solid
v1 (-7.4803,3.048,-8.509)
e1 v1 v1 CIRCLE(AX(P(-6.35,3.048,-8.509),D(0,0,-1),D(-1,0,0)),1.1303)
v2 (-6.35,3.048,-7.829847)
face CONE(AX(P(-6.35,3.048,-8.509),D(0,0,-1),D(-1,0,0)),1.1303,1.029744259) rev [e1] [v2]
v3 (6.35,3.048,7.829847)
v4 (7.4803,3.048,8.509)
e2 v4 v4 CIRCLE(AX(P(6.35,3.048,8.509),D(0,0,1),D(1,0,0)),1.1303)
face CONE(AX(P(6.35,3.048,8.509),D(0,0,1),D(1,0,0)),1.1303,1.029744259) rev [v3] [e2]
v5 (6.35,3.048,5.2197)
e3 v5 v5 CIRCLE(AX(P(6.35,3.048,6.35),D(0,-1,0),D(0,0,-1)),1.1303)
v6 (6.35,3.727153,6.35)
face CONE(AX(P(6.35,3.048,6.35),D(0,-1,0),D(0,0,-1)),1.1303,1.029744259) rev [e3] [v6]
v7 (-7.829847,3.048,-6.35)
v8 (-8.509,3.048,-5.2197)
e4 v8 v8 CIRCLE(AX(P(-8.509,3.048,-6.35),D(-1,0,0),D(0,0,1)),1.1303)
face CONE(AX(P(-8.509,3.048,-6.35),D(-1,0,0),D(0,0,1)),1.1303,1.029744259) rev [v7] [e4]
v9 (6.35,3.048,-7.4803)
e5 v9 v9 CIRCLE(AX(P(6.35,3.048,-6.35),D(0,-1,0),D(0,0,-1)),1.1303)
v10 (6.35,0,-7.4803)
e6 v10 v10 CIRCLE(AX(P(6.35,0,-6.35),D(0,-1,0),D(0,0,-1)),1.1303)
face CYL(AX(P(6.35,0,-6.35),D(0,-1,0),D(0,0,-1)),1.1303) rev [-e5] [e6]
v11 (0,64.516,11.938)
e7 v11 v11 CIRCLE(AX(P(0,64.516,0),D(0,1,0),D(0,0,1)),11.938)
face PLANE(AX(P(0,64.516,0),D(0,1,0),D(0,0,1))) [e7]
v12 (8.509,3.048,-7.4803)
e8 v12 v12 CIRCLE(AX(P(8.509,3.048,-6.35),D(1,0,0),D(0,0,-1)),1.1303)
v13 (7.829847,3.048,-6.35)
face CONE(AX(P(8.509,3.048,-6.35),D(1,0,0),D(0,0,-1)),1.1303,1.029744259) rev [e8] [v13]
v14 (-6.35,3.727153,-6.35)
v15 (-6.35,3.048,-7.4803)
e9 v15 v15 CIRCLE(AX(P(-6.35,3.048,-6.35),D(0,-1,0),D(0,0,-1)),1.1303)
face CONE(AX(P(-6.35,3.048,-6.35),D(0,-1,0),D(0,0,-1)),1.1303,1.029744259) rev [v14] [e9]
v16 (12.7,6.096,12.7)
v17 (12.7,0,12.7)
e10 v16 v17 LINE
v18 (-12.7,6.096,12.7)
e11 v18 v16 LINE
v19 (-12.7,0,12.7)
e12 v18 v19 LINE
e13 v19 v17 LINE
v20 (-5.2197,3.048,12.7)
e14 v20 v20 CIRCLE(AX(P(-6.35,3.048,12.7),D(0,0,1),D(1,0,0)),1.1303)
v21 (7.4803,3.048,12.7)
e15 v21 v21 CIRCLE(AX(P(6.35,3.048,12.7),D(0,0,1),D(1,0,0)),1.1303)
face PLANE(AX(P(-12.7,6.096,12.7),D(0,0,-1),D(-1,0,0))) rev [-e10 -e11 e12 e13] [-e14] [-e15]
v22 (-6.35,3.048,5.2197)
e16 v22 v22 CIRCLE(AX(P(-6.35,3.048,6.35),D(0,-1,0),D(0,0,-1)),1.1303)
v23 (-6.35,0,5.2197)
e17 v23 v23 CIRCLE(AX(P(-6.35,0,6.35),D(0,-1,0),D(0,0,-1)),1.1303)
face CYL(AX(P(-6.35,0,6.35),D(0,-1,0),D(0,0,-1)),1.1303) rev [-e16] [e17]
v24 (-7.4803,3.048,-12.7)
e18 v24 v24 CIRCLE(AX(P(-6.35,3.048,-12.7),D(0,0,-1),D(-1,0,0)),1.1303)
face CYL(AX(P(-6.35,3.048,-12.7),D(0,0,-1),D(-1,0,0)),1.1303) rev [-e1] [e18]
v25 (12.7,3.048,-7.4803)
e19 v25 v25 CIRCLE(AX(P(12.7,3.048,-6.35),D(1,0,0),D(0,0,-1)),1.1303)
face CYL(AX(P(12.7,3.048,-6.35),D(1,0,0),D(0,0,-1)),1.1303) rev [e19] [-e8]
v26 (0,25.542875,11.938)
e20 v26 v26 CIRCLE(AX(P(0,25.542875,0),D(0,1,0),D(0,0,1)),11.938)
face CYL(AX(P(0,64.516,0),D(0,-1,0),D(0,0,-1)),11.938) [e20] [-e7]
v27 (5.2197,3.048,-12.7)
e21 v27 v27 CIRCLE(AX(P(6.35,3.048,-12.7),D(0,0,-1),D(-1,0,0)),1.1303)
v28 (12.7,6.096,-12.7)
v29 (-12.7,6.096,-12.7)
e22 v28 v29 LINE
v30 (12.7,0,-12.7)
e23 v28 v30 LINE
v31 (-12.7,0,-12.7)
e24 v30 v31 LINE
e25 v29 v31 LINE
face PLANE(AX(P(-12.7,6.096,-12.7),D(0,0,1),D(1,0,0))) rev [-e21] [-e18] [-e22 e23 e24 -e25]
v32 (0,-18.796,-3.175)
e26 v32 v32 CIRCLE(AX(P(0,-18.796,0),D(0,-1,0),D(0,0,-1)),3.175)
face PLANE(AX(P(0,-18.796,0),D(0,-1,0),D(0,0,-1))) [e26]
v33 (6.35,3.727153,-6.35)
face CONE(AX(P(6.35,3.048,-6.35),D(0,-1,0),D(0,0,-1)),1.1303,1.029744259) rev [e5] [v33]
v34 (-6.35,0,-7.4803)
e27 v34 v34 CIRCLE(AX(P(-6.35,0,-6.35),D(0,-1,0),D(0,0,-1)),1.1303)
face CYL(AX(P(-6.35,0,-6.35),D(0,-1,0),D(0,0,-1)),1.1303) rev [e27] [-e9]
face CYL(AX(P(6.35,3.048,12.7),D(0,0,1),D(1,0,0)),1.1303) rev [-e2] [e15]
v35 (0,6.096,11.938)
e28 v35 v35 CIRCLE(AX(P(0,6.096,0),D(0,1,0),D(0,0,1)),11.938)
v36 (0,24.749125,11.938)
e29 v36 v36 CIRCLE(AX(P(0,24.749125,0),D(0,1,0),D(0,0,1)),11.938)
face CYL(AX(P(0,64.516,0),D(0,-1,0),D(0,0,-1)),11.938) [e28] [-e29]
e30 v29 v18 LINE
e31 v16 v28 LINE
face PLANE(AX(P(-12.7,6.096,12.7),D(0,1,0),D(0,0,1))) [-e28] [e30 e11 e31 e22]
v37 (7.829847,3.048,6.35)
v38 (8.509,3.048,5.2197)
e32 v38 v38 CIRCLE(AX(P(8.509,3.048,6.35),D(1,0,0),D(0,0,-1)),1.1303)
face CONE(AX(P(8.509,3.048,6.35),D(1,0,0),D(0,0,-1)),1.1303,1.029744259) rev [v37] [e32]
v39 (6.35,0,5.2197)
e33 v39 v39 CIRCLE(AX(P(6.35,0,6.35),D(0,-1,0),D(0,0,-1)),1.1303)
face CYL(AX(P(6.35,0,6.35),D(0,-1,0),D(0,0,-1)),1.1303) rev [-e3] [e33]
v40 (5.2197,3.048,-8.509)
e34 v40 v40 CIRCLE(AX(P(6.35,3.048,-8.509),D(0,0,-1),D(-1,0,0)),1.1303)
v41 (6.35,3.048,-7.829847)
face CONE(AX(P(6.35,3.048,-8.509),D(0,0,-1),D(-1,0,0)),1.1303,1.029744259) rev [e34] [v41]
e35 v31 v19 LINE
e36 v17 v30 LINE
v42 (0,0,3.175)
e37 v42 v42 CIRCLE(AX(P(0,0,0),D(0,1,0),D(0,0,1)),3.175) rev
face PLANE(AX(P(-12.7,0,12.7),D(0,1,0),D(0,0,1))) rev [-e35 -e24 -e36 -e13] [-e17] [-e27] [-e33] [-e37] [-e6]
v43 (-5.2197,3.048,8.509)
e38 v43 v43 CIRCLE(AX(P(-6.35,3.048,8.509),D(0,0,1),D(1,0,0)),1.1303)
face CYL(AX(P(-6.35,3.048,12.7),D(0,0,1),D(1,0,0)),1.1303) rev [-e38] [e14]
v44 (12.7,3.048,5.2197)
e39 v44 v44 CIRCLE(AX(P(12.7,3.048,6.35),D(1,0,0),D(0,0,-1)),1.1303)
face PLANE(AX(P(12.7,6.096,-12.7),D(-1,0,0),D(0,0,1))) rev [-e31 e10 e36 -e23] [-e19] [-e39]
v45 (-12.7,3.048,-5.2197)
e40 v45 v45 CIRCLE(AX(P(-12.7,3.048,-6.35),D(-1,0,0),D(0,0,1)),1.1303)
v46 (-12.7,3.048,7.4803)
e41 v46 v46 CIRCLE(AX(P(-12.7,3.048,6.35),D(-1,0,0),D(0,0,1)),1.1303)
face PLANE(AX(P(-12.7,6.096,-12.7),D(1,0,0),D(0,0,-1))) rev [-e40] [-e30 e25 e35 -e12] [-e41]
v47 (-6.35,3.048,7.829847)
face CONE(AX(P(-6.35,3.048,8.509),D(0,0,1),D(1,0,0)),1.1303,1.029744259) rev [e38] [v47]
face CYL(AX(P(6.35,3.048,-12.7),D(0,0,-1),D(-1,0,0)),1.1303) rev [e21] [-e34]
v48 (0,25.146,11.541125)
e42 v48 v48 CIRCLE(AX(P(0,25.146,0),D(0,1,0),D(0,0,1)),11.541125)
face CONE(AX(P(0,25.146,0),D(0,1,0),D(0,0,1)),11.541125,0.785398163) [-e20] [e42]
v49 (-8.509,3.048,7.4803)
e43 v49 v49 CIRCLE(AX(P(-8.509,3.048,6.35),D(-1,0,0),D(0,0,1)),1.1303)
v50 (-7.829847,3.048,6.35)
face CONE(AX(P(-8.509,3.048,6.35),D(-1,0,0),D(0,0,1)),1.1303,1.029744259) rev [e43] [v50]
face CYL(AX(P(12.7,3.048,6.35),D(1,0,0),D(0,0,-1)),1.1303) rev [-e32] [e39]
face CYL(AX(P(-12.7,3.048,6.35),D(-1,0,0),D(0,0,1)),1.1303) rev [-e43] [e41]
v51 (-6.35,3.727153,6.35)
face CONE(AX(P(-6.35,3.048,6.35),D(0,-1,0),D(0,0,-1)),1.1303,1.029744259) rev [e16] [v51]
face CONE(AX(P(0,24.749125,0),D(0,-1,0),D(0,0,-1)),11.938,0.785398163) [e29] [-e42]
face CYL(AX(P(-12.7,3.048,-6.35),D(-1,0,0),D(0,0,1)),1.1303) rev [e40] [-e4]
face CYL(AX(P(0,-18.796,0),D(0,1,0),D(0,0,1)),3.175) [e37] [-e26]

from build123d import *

# Parameters (mm, degrees)
SKETCH1_W                      = 25.4
SKETCH1_H                      = 25.4
EXTRUDE1_DEPTH                 = 6.096
SKETCH2_R                      = 11.938
EXTRUDE2_DEPTH                 = 58.42
SKETCH3_R                      = 3.175
EXTRUDE3_DEPTH                 = 18.796
F_4_40_TAPPED_HOLE3_D          = 2.2606
F_4_40_TAPPED_HOLE3_DEPTH      = 3.048
F_4_40_TAPPED_HOLE3_TIP        = 0.679152758
F_4_40_TAPPED_HOLE4_AT_2_COUNT = 2
F_4_40_TAPPED_HOLE4_AT_2_PITCH = 12.7
CIRPATTERN1_COUNT              = 4


with BuildPart() as part:
    # Sketch1 → Extrude1 (new body)
    with BuildSketch(Plane(origin=(0, 0, 0), x_dir=(1, 0, 0), z_dir=(0, 1, 0))):
        Rectangle(SKETCH1_W, SKETCH1_H)
    extrude(amount=EXTRUDE1_DEPTH)

    # Sketch2 → Extrude2 (add)
    with BuildSketch(Plane(origin=(0, 6.096, 0), x_dir=(1, 0, 0), z_dir=(0, 1, 0))):
        with Locations(Location((0, 0, 0), (0, 0, 270))):  # turned: the seam where the file's is
            Circle(SKETCH2_R)
    extrude(amount=EXTRUDE2_DEPTH)

    # Sketch3 → Extrude3 (add)
    with BuildSketch(Plane.XZ):
        with Locations(Location((0, 0, 0), (0, 0, 90))):  # turned: the seam where the file's is
            Circle(SKETCH3_R)
    extrude(amount=EXTRUDE3_DEPTH)

    # #4-40 Tapped Hole3
    with Locations(Plane(origin=(6.35, 0, -6.35), x_dir=(0, 0, -1), z_dir=(0, -1, 0))):
        with Locations((0, 0), (-12.7, 0), (-12.7, -12.7), (0, -12.7)):
            Hole(F_4_40_TAPPED_HOLE3_D / 2, depth=F_4_40_TAPPED_HOLE3_DEPTH)
            with Locations((0, 0, -(F_4_40_TAPPED_HOLE3_DEPTH + F_4_40_TAPPED_HOLE3_TIP / 2))):  # 118° drill point
                Cone(0, F_4_40_TAPPED_HOLE3_D / 2, F_4_40_TAPPED_HOLE3_TIP, mode=Mode.SUBTRACT)

    # Sketch12 → #4-40 Tapped Hole4 (revolve, cut)
    with BuildSketch(Plane(origin=(-12.7, 3.048, -6.35), x_dir=(0, 0, 1), z_dir=(0, 1, 0))):
        Polygon((0, 0), (0, 4.870152758), (1.1303, 4.191), (1.1303, 0), align=None)
    f_4_40_tapped_hole4 = revolve(axis=Axis((-19.05, 3.048, -6.35), (1, 0, 0)), mode=Mode.SUBTRACT)

    # #4-40 Tapped Hole4 at 2: #4-40 Tapped Hole4 ×2
    with Locations(*[(0, 0, i * F_4_40_TAPPED_HOLE4_AT_2_PITCH) for i in range(1, F_4_40_TAPPED_HOLE4_AT_2_COUNT)]):
        add(f_4_40_tapped_hole4, mode=Mode.SUBTRACT)

    # CirPattern1: #4-40 Tapped Hole4 ×4 about axis
    cirpattern1_axis = Axis((0, -18.796, 0), (0, 1, 0))
    for i in range(1, CIRPATTERN1_COUNT):
        add(f_4_40_tapped_hole4.rotate(cirpattern1_axis, i * 360 / CIRPATTERN1_COUNT), mode=Mode.SUBTRACT)

    # CirPattern1 copy 1 sketch → CirPattern1 copy 1 (revolve, cut)
    with BuildSketch(Plane(origin=(6.35, 3.048, 12.7), x_dir=(1, 0, 0), z_dir=(0, 1, 0))):
        Polygon((0, 0), (0, 4.870152758), (1.1303, 4.191), (1.1303, 0), align=None)
    revolve(axis=Axis((6.35, 3.048, 19.05), (0, 0, -1)), mode=Mode.SUBTRACT)

    # CirPattern1 copy 2 sketch → CirPattern1 copy 2 (revolve, cut)
    with BuildSketch(Plane(origin=(12.7, 3.048, -6.35), x_dir=(0, 0, -1), z_dir=(0, 1, 0))):
        Polygon((0, 0), (0, 4.870152758), (1.1303, 4.191), (1.1303, 0), align=None)
    revolve(axis=Axis((19.05, 3.048, -6.35), (-1, 0, 0)), mode=Mode.SUBTRACT)

    # CirPattern1 copy 3 sketch → CirPattern1 copy 3 (revolve, cut)
    with BuildSketch(Plane(origin=(-6.35, 3.048, -12.7), x_dir=(-1, 0, 0), z_dir=(0, 1, 0))):
        Polygon((0, 0), (0, 4.870152758), (1.1303, 4.191), (1.1303, 0), align=None)
    revolve(axis=Axis((-6.35, 3.048, -19.05), (0, 0, 1)), mode=Mode.SUBTRACT)

    # Sketch13 → Cut-Revolve1 (revolve, cut)
    with BuildSketch(Plane.XY, mode=Mode.PRIVATE) as cut_revolve1_sk:
        Polygon((-11.938, 25.542875), (-11.541125, 25.146), (-11.938, 24.749125), align=None)
    revolve(cut_revolve1_sk.sketch.rotate(Axis((0, 64.516, 0), (0, -1, 0)), 270), axis=Axis((0, 64.516, 0), (0, -1, 0)), mode=Mode.SUBTRACT)  # turned: the seam where the file's is


solid = part.part
